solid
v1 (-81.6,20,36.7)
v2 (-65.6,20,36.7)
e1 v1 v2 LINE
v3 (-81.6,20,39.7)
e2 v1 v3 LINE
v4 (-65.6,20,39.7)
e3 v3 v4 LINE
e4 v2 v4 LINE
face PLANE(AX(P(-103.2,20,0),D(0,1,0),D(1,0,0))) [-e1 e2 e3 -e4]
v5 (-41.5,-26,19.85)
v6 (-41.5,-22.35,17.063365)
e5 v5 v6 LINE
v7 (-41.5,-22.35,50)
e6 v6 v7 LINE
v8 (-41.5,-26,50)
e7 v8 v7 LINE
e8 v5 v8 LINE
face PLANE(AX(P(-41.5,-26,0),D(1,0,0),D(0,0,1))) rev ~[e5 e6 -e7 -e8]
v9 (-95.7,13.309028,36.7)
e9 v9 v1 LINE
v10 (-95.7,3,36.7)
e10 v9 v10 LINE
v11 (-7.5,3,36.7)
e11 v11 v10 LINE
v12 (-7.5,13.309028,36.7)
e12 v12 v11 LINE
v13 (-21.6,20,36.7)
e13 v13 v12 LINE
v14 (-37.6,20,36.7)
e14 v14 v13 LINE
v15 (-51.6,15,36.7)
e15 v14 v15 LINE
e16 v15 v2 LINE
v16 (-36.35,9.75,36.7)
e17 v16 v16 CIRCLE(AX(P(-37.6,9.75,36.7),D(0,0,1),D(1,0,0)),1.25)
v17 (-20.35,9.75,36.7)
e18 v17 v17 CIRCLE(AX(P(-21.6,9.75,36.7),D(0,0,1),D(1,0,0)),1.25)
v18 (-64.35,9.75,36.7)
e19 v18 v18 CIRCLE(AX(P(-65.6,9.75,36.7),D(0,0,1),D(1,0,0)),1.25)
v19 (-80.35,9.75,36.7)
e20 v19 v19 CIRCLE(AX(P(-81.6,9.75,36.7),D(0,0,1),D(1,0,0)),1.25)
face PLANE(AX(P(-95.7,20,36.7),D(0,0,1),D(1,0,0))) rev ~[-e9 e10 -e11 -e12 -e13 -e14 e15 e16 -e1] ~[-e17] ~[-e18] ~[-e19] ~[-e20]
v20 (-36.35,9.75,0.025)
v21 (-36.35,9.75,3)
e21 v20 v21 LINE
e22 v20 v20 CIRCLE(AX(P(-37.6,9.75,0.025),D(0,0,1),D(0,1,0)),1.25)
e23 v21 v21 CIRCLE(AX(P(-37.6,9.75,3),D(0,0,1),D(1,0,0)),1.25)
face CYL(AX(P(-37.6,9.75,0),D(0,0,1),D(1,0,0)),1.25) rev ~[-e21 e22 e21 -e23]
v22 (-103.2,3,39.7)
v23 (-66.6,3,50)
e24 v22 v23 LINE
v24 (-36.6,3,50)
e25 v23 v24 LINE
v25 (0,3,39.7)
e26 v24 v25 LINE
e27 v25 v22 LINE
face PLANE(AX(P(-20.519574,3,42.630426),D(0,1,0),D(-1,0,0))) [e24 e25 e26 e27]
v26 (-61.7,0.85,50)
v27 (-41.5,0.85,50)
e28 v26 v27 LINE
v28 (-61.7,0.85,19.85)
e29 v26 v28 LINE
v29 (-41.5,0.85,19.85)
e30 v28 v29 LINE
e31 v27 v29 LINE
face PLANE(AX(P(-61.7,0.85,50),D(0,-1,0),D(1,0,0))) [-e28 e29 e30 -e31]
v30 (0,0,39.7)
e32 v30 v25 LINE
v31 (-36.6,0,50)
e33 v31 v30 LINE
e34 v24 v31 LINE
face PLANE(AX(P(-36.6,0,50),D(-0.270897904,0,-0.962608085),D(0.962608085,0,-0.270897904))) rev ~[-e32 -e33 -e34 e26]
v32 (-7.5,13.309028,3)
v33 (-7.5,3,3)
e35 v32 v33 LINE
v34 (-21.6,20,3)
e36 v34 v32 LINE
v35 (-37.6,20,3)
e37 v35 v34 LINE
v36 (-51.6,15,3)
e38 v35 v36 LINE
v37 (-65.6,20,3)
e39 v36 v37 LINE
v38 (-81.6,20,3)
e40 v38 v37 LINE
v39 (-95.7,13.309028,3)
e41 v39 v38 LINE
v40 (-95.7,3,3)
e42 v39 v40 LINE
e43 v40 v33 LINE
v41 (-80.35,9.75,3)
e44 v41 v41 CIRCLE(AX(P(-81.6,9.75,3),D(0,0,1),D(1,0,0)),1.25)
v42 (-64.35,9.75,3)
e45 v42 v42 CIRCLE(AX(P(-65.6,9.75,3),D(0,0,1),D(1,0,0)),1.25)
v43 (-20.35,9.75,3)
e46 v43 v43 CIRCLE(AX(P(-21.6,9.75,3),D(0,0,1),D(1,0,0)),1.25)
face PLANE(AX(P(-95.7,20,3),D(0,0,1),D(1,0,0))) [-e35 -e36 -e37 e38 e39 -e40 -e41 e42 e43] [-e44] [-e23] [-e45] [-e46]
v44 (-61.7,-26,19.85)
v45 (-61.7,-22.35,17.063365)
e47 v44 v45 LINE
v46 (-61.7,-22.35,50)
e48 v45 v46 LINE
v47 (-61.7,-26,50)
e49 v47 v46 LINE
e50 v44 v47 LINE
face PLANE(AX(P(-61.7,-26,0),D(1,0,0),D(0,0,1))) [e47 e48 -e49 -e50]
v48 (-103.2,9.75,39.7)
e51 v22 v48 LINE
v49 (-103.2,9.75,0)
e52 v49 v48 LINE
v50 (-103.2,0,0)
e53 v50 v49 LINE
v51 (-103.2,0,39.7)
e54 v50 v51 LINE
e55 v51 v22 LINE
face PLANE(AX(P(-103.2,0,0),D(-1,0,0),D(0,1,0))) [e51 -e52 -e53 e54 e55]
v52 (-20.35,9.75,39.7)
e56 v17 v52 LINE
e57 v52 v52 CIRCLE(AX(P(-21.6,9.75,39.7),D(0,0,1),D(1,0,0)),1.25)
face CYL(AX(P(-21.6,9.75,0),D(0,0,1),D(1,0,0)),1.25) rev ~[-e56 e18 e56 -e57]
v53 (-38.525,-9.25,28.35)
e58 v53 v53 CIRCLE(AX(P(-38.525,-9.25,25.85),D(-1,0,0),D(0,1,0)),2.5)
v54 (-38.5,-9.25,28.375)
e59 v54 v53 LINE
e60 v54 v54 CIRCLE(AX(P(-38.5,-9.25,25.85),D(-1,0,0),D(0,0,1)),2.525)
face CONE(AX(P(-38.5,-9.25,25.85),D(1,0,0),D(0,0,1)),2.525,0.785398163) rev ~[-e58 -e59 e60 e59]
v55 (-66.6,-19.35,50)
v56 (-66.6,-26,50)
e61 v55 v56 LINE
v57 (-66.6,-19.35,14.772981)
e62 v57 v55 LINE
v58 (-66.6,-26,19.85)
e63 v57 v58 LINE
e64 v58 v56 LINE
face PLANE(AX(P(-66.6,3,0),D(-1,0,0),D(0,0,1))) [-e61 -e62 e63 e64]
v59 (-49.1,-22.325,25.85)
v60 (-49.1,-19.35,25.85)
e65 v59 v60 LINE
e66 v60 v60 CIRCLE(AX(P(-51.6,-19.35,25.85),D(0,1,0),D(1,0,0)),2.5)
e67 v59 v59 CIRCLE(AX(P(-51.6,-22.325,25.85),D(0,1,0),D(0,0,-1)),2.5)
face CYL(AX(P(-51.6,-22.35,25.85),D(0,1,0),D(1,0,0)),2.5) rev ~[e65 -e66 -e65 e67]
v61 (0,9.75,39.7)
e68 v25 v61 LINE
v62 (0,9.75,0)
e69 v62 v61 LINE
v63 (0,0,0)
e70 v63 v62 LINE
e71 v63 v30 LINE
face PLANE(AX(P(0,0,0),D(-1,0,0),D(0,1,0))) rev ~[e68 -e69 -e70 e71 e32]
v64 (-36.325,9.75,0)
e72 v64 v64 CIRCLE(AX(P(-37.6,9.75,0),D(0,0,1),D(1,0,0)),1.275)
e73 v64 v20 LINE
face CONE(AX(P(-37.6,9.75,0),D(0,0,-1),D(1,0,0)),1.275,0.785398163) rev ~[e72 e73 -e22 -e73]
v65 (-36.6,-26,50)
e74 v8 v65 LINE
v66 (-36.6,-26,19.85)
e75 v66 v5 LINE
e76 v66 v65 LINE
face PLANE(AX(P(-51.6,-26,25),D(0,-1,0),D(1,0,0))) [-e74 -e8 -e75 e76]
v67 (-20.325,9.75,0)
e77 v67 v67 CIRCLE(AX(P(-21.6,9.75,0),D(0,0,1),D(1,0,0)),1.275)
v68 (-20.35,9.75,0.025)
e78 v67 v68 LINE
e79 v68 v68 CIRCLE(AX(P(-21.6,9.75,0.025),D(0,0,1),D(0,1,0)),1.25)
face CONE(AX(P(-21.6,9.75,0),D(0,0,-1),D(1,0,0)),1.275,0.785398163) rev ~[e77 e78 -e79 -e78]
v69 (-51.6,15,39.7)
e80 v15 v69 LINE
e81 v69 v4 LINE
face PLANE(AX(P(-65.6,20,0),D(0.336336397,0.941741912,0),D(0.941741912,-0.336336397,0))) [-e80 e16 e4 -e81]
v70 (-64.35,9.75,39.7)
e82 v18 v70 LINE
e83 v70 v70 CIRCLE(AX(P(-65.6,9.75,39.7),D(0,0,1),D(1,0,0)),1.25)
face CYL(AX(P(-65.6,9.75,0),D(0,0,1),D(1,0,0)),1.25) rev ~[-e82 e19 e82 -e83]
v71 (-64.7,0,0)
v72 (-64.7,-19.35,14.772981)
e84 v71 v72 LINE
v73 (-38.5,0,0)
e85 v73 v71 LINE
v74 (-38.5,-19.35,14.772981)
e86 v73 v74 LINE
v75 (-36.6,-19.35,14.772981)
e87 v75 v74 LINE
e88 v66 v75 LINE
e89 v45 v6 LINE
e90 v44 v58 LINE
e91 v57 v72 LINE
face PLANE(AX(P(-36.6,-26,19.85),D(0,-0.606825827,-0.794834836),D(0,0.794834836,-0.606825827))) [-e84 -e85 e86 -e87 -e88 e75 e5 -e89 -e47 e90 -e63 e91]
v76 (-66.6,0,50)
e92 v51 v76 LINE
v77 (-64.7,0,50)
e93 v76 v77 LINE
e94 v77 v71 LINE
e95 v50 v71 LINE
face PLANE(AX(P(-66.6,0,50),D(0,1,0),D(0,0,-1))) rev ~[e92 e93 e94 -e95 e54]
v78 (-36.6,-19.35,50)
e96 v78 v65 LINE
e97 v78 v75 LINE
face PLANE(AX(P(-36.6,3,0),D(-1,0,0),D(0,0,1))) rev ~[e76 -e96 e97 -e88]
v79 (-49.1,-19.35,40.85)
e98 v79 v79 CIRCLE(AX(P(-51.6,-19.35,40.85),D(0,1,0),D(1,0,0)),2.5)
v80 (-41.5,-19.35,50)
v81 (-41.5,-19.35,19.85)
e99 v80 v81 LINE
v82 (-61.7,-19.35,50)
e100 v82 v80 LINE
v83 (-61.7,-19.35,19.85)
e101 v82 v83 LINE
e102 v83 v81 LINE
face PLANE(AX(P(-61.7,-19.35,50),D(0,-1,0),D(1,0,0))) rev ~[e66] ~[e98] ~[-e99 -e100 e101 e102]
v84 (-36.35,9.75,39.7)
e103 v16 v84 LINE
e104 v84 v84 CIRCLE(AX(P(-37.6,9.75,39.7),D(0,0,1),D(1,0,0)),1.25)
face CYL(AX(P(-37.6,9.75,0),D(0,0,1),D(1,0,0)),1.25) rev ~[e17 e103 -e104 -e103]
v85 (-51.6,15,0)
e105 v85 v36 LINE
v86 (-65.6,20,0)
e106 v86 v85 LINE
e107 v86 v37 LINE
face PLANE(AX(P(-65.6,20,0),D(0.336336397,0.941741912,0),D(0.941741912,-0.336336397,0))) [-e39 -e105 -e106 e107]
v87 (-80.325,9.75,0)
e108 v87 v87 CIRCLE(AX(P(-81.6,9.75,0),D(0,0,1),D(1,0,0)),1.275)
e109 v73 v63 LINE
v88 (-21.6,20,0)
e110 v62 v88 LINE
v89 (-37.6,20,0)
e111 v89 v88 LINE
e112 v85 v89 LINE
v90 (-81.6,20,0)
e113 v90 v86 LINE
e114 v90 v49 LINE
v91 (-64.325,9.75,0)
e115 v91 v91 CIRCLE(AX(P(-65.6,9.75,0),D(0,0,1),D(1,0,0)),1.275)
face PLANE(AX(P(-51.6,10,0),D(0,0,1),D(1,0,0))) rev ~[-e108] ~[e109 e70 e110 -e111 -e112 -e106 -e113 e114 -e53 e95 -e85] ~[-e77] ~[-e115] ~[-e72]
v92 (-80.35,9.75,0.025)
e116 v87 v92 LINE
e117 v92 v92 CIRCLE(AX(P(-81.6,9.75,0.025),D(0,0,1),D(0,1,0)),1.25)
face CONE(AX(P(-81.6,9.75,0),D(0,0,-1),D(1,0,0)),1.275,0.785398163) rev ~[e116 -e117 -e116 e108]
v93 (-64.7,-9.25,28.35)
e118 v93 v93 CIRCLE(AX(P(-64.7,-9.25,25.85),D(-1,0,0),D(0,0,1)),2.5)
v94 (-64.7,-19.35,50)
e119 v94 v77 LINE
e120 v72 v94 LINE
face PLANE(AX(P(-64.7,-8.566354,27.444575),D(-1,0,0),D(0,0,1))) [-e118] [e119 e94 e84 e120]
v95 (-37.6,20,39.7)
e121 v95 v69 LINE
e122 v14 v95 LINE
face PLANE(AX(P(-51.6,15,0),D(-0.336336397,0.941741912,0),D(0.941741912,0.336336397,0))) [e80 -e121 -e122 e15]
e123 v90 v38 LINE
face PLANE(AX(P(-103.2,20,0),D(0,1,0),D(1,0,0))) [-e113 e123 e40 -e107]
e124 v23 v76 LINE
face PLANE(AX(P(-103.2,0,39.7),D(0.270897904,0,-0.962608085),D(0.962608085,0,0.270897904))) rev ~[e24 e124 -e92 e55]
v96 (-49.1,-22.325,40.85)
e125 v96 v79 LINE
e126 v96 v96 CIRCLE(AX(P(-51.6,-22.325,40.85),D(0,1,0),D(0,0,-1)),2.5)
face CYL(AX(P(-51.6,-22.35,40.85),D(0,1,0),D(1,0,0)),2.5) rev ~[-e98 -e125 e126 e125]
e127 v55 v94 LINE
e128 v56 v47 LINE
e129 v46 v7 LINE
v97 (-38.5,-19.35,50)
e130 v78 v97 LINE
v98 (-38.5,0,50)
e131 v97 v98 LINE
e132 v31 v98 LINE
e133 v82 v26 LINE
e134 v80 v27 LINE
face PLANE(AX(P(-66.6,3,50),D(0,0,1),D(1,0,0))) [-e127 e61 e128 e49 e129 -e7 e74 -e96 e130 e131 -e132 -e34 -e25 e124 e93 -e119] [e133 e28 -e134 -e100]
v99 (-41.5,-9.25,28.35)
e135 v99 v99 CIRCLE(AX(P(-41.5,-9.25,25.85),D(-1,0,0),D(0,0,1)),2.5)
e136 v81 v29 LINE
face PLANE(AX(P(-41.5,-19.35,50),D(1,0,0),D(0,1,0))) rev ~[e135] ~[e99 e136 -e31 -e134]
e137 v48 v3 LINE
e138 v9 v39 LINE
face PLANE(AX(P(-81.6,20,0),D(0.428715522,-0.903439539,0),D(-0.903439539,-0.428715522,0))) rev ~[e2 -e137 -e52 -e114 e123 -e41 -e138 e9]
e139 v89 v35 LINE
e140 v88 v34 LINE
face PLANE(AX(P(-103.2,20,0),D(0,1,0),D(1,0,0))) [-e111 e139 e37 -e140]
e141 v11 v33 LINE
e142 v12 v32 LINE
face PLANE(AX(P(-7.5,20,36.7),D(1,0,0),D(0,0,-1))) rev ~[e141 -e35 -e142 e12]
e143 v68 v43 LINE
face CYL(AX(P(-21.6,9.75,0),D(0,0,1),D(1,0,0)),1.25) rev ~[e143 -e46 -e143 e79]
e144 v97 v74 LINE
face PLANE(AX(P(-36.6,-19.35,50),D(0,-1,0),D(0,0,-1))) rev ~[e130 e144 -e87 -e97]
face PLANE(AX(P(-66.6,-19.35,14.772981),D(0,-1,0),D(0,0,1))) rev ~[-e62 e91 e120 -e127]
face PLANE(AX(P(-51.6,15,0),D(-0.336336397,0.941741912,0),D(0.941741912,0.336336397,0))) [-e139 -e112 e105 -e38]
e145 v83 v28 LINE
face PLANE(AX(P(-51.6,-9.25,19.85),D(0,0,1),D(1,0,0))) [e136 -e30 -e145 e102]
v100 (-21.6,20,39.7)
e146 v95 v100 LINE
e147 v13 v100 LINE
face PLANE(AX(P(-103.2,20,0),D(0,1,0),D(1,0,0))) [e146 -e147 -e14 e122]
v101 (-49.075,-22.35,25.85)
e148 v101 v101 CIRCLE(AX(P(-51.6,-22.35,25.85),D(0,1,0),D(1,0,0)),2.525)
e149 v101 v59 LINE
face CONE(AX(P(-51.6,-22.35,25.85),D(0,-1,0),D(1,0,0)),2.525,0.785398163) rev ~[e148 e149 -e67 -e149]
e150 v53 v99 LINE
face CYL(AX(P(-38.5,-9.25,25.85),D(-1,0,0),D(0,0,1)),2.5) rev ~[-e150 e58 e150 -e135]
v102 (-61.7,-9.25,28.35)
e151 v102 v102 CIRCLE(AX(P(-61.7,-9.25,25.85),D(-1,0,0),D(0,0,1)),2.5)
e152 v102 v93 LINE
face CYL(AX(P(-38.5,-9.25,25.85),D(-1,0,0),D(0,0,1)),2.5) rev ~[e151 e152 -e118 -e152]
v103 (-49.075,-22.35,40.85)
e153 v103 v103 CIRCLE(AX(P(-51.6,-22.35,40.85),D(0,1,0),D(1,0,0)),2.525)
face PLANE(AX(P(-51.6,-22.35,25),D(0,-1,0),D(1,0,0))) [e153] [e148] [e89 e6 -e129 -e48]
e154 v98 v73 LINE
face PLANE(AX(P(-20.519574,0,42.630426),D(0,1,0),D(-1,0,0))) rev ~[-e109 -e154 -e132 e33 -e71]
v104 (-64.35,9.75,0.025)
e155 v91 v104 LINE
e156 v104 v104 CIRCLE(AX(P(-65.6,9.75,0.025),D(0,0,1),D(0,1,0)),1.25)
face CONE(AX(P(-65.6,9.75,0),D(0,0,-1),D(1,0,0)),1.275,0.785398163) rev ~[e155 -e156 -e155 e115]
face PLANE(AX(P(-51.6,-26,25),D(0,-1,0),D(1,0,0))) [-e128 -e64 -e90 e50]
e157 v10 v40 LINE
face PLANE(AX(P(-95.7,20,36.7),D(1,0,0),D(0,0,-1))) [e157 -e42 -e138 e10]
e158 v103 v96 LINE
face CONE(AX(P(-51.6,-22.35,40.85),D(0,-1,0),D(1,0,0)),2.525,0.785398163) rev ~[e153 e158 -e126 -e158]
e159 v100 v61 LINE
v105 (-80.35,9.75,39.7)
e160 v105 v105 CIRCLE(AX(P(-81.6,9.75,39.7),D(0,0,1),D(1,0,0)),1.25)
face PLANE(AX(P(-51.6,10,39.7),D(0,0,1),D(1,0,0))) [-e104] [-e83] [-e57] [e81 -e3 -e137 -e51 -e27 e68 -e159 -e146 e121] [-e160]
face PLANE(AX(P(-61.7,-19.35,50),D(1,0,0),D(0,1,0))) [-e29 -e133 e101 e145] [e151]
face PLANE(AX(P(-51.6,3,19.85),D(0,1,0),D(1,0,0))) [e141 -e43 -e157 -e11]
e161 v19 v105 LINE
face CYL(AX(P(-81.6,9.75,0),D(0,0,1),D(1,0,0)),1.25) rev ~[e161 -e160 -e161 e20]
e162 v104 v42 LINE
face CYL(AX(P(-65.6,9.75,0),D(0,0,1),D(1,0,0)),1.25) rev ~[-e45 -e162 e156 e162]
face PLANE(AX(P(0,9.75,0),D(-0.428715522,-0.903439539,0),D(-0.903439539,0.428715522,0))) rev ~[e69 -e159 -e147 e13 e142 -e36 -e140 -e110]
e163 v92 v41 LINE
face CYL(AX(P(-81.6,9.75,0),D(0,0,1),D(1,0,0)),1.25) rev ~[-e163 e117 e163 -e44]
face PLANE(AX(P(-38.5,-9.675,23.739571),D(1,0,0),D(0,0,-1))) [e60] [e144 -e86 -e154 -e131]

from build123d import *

# Parameters (mm, degrees)
SKETCH_1_W            = 103.2
SKETCH_1_H            = 20
EXTRUDE_1_DEPTH       = 39.7
SKETCH_2_W            = 88.2
SKETCH_2_H            = 33.7
CUT_EXTRUDE_1_DEPTH   = 17
EXTRUDE_START         = -3
SKETCH_3_W            = 30
SKETCH_3_H            = 50
EXTRUDE_2_DEPTH       = 29
SKETCH_21_W           = 20.2
SKETCH_21_H           = 20.2
CUT_EXTRUDE_11_DEPTH  = 30.15
SKETCH_22_W           = 20.2
SKETCH_22_H           = 50
CUT_EXTRUDE_12_DEPTH  = 3.65
CUT_EXTRUDE_14_DEPTH  = 88.244254825
EXTRUDE_4_DEPTH       = 3
F_2_5MM_2_D           = 2.5
F_2_5MM_2_CSINK_D     = 2.55
F_2_5MM_2_CSINK_ANGLE = 90
F_5_0MM_3_D           = 5
F_5_0MM_3_DEPTH       = 3
F_5_0MM_3_CSINK_D     = 5.05
F_5_0MM_3_CSINK_ANGLE = 90
SKETCH_30_W           = 52.520858891
SKETCH_30_H           = 19.35
CUT_EXTRUDE_15_DEPTH  = 1.9
CUT_EXTRUDE_16_DEPTH  = 1.9
F_5_0MM_4_D           = 5
F_5_0MM_4_CSINK_D     = 5.05
F_5_0MM_4_CSINK_ANGLE = 90
CUT_EXTRUDE_19_DEPTH  = 118.585033061
F_2_5MM_1_D           = 2.5
F_2_5MM_1_CSINK_D     = 2.55
F_2_5MM_1_CSINK_ANGLE = 90


with BuildPart() as part:
    # 草图1 → 凸台-拉伸1 (new body)
    with BuildSketch(Plane.XY):
        with Locations((-51.6, 10)):
            Rectangle(SKETCH_1_W, SKETCH_1_H)
    extrude(amount=EXTRUDE_1_DEPTH)

    # 草图2 → 切除-拉伸1 (cut)
    with BuildSketch(Plane(origin=(0, 20, 0), x_dir=(1, 0, 0), z_dir=(0, 1, 0))):
        with Locations((-51.6, -19.85)):
            Rectangle(SKETCH_2_W, SKETCH_2_H)
    extrude(amount=-CUT_EXTRUDE_1_DEPTH, mode=Mode.SUBTRACT)

    # 草图3 → 凸台-拉伸2 (add)
    with BuildSketch(Plane.XZ.offset(EXTRUDE_START)):
        with Locations((-51.6, 25)):
            Rectangle(SKETCH_3_W, SKETCH_3_H)
    extrude(amount=EXTRUDE_2_DEPTH)

    # 草图21 → 切除-拉伸11 (cut)
    with BuildSketch(Plane.XY.offset(50)):
        with Locations((-51.6, -9.25)):
            Rectangle(SKETCH_21_W, SKETCH_21_H)
    extrude(amount=-CUT_EXTRUDE_11_DEPTH, mode=Mode.SUBTRACT)

    # 草图22 → 切除-拉伸12 (cut)
    with BuildSketch(Plane.XZ.offset(26)):
        with Locations((-51.6, 25)):
            Rectangle(SKETCH_22_W, SKETCH_22_H)
    extrude(amount=-CUT_EXTRUDE_12_DEPTH, mode=Mode.SUBTRACT)

    # 草图24 → 切除-拉伸14 (cut, through all)
    with BuildSketch(Plane(origin=(-36.6, 0, 0), x_dir=(0, 0, -1), z_dir=(1, 0, 0))):
        Polygon((0, 0), (0, -26), (-19.85, -26), align=None)
    extrude(amount=-CUT_EXTRUDE_14_DEPTH, mode=Mode.SUBTRACT)

    # 草图25 → 凸台-拉伸4 (add)
    with BuildSketch(Plane.XZ):
        Polygon((-36.6, 39.7), (-36.6, 50), (0, 39.7), align=None)
        Polygon((-66.6, 39.7), (-103.2, 39.7), (-66.6, 50), align=None)
    extrude(amount=-EXTRUDE_4_DEPTH)

    # Ø2.5mm 暗销孔2 (through all)
    with Locations(Plane(origin=(0, 0, 0), x_dir=(-1, 0, 0), z_dir=(0, 0, -1))):
        with Locations((81.6, 9.75), (37.6, 9.75), (21.6, 9.75), (65.6, 9.75)):
            CounterSinkHole(F_2_5MM_2_D / 2, F_2_5MM_2_CSINK_D / 2, counter_sink_angle=F_2_5MM_2_CSINK_ANGLE)

    # Ø5.0mm 暗销孔3
    with Locations(Plane(origin=(0, -22.35, 0), x_dir=(-1, 0, 0), z_dir=(0, -1, 0))):
        with Locations((51.6, -40.85), (51.6, -25.85)):
            CounterSinkHole(F_5_0MM_3_D / 2, F_5_0MM_3_CSINK_D / 2, depth=F_5_0MM_3_DEPTH, counter_sink_angle=F_5_0MM_3_CSINK_ANGLE)

    # 草图30 → 切除-拉伸15 (cut)
    with BuildSketch(Plane(origin=(-36.6, 0, 0), x_dir=(0, 0, -1), z_dir=(1, 0, 0))):
        with Locations((-23.739570554, -9.675)):
            Rectangle(SKETCH_30_W, SKETCH_30_H)
    extrude(amount=-CUT_EXTRUDE_15_DEPTH, mode=Mode.SUBTRACT)

    # 草图31 → 切除-拉伸16 (cut)
    with BuildSketch(Plane.ZY.offset(66.6)):
        Polygon((0, 0), (14.772980769, -19.35), (50, -19.35), (50, 0), align=None)
    extrude(amount=-CUT_EXTRUDE_16_DEPTH, mode=Mode.SUBTRACT)

    # Ø5.0mm 暗销孔4 (through all)
    with Locations(Plane(origin=(-38.5, 0, 0), x_dir=(0, 0, -1), z_dir=(1, 0, 0))):
        with Locations((-25.85, -9.25)):
            CounterSinkHole(F_5_0MM_4_D / 2, F_5_0MM_4_CSINK_D / 2, counter_sink_angle=F_5_0MM_4_CSINK_ANGLE)

    # 草图35 → 切除-拉伸19 (cut, through all)
    with BuildSketch(Plane(origin=(0, 0, 0), x_dir=(-1, 0, 0), z_dir=(0, 0, -1))):
        Polygon((103.2, 20), (81.6, 20), (103.2, 9.75), align=None)
        Polygon((0, 20), (0, 9.75), (21.6, 20), align=None)
        Polygon((65.6, 20), (51.6, 15), (37.6, 20), align=None)
    extrude(amount=-CUT_EXTRUDE_19_DEPTH, mode=Mode.SUBTRACT)

    # Ø2.5mm 暗销孔1 (through all)
    with Locations(Plane(origin=(0, 0, 0), x_dir=(-1, 0, 0), z_dir=(0, 0, -1))):
        with Locations((81.6, 9.75), (37.6, 9.75), (21.6, 9.75), (65.6, 9.75)):
            CounterSinkHole(F_2_5MM_1_D / 2, F_2_5MM_1_CSINK_D / 2, counter_sink_angle=F_2_5MM_1_CSINK_ANGLE)


solid = part.part
